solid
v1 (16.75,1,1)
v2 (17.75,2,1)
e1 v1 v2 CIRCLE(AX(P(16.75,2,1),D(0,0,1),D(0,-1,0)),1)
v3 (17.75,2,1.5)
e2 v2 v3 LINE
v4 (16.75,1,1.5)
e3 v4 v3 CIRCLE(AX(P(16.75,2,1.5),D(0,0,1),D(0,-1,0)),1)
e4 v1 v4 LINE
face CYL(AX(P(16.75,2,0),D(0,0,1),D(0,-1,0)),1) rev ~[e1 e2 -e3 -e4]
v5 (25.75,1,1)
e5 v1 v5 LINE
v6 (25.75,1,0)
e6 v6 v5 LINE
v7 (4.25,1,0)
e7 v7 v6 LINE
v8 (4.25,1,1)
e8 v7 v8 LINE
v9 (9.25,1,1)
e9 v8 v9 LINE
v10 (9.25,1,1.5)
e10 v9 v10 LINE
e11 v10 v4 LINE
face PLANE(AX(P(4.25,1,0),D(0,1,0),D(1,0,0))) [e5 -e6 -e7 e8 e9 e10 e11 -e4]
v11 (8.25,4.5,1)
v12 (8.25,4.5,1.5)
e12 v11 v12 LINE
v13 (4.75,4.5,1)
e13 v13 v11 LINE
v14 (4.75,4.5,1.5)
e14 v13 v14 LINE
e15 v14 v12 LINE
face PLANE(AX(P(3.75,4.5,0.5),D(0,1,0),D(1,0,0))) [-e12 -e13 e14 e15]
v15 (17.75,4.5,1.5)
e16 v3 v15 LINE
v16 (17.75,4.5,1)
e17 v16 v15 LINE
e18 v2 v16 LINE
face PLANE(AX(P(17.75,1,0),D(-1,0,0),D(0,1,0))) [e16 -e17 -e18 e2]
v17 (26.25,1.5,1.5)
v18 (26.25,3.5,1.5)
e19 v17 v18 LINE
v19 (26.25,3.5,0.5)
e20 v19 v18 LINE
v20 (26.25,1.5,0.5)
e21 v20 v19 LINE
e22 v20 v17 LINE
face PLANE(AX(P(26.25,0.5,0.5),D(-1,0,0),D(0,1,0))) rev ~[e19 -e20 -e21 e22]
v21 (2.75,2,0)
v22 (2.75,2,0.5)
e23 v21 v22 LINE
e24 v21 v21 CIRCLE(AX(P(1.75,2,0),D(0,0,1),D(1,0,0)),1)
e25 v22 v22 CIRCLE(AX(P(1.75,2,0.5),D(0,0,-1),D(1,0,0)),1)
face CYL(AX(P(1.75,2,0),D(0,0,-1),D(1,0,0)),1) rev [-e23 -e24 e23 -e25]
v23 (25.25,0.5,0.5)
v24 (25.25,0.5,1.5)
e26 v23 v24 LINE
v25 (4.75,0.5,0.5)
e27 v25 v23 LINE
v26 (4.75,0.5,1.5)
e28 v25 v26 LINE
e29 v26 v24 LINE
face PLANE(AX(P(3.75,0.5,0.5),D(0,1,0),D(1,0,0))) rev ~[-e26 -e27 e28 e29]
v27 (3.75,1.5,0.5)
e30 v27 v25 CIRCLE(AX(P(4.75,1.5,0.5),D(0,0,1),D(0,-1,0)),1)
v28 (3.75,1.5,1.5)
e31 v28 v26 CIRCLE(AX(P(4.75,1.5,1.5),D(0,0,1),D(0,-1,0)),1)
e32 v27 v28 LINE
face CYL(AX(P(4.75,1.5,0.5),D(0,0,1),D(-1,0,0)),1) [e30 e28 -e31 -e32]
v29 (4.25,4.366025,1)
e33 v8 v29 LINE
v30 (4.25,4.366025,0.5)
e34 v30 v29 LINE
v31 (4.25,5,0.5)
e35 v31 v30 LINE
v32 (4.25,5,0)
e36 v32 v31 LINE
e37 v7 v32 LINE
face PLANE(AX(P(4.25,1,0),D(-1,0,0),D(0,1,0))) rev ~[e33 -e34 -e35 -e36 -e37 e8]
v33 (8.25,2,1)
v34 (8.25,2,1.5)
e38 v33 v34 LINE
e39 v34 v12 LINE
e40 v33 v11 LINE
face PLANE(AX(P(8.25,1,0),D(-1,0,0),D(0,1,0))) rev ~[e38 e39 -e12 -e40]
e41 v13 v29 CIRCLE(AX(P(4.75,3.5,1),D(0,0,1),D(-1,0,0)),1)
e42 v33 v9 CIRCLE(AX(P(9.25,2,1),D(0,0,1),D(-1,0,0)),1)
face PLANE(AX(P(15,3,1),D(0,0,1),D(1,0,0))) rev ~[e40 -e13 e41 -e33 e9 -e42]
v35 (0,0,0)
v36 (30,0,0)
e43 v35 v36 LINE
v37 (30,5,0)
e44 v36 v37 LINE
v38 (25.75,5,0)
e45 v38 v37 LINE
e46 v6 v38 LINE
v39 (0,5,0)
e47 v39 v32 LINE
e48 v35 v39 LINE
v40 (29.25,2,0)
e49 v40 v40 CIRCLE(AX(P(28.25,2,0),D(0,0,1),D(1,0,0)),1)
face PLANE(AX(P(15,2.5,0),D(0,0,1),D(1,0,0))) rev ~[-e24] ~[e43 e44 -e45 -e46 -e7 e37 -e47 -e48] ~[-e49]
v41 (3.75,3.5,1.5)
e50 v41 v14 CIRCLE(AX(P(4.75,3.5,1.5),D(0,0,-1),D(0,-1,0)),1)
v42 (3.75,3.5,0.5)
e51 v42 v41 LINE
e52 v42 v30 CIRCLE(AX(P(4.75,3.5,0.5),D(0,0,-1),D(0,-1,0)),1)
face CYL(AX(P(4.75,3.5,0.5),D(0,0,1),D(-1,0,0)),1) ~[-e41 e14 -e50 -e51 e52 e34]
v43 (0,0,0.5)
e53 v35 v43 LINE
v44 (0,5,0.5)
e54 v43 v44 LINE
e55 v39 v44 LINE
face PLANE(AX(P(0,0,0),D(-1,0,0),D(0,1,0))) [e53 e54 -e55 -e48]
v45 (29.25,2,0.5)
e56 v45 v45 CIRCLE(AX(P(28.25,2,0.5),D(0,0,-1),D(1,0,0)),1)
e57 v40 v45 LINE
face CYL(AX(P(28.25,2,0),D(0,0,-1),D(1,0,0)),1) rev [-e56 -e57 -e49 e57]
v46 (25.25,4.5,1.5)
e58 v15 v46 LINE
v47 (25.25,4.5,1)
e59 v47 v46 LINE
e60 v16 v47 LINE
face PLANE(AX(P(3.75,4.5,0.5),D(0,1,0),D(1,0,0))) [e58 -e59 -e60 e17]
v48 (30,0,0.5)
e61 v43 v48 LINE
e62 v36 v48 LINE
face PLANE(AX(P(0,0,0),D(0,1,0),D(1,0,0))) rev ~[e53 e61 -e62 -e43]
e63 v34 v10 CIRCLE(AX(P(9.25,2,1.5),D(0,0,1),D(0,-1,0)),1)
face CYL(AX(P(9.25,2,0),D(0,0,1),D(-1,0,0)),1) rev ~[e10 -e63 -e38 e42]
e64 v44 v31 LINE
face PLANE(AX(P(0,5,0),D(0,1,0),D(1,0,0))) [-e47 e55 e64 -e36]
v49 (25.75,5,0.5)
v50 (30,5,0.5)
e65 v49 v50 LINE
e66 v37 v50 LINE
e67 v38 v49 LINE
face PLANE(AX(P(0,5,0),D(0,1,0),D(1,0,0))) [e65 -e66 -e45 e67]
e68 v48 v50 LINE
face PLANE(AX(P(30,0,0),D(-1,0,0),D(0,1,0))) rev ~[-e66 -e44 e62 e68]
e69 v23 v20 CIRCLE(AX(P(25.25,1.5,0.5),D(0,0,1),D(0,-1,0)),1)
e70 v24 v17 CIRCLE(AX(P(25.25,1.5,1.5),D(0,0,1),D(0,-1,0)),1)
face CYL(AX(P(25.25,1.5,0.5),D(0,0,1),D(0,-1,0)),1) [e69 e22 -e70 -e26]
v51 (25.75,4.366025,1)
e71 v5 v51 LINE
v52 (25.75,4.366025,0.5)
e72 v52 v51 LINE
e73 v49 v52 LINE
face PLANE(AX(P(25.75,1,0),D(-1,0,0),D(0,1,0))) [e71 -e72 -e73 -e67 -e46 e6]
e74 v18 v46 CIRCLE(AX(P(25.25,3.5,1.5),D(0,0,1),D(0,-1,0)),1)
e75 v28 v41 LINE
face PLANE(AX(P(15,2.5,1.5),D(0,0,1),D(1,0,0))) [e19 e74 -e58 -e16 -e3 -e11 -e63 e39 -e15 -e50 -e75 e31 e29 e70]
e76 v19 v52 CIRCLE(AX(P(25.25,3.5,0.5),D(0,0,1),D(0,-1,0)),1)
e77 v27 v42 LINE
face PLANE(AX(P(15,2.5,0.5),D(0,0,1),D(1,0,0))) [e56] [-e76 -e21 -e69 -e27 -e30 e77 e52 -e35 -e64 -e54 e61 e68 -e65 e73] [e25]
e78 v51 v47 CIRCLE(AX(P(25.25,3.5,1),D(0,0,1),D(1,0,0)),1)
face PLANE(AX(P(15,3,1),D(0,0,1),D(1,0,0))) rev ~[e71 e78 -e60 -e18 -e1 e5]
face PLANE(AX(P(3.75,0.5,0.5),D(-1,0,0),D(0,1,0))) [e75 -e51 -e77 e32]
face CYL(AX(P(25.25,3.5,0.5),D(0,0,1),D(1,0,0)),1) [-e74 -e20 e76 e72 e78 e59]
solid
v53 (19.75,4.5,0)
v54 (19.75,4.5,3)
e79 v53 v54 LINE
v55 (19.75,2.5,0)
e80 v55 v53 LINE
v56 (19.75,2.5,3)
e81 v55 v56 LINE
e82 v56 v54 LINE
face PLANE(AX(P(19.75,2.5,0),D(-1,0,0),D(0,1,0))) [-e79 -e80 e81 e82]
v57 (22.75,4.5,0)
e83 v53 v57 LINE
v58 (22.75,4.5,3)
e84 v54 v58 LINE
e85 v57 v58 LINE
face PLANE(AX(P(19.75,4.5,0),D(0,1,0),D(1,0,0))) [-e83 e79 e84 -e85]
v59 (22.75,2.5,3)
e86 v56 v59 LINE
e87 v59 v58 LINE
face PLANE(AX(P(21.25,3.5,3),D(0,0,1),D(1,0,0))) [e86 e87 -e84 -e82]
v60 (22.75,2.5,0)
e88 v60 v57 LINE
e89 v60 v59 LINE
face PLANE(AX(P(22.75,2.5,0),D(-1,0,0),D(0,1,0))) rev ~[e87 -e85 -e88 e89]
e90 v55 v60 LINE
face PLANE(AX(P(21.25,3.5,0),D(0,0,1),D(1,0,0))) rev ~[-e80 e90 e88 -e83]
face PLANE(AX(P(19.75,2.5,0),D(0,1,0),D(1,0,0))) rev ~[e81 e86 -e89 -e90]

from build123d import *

# Parameters (mm, degrees)
BOX003_W          = 3
BOX003_H          = 2
BOX003_DEPTH      = 3
BOX004_W          = 21.5
BOX004_H          = 4
BOX004_DEPTH      = 1
BOX002_W          = 9.5
BOX002_H          = 3.5
BOX002_DEPTH      = 1.5
FILLET001_R       = 1
CYLINDER_R        = 1
CYLINDER_DEPTH    = 10
CYLINDER001_R     = 1
CYLINDER001_DEPTH = 10
BOX_W             = 30
BOX_H             = 5
BOX_DEPTH         = 0.5
BOX001_W          = 22.5
BOX001_H          = 4
BOX001_DEPTH      = 1
FILLET_R          = 1


with BuildPart() as cube003_switch:
    # Box003 → Box003 (new body)
    with BuildSketch(Plane(origin=(19.75, 2.5, 0), x_dir=(1, 0, 0), z_dir=(0, 0, 1))):
        with Locations((1.5, 1)):
            Rectangle(BOX003_W, BOX003_H)
    extrude(amount=BOX003_DEPTH)


with BuildPart() as cube002_back_cutter:
    # Box004 → Box004 (new body)
    with BuildSketch(Plane(origin=(4.25, 1, 0), x_dir=(1, 0, 0), z_dir=(0, 0, 1))):
        with Locations((10.75, 2)):
            Rectangle(BOX004_W, BOX004_H)
    extrude(amount=BOX004_DEPTH)


with BuildPart() as fillet001:
    # Box002 → Box002 (new body)
    with BuildSketch(Plane(origin=(8.25, 1, 0), x_dir=(1, 0, 0), z_dir=(0, 0, 1))):
        with Locations((4.75, 1.75)):
            Rectangle(BOX002_W, BOX002_H)
    extrude(amount=BOX002_DEPTH)

    # Fillet001
    fillet001_edges = [fillet001.edges().sort_by_distance(p)[0] for p in [
        (8.25, 1, 0.75),
        (17.75, 1, 0.75),
    ]]
    fillet(fillet001_edges, radius=FILLET001_R)


with BuildPart() as cylinder:
    # Cylinder → Cylinder (new body)
    with BuildSketch(Plane(origin=(1.75, 2, 0), x_dir=(1, 0, 0), z_dir=(0, 0, 1))):
        Circle(CYLINDER_R)
    extrude(amount=CYLINDER_DEPTH)


with BuildPart() as fusion:
    # Cylinder001 → Cylinder001 (new body)
    with BuildSketch(Plane(origin=(28.25, 2, 0), x_dir=(1, 0, 0), z_dir=(0, 0, 1))):
        Circle(CYLINDER001_R)
    extrude(amount=CYLINDER001_DEPTH)

    # Fusion: union Cylinder
    add(cylinder.part)


with BuildPart() as cube_backing:
    # Box → Box (new body)
    with BuildSketch(Plane.XY):
        with Locations((15, 2.5)):
            Rectangle(BOX_W, BOX_H)
    extrude(amount=BOX_DEPTH)


with BuildPart() as cut002:
    # Box001 → Box001 (new body)
    with BuildSketch(Plane(origin=(3.75, 0.5, 0.5), x_dir=(1, 0, 0), z_dir=(0, 0, 1))):
        with Locations((11.25, 2)):
            Rectangle(BOX001_W, BOX001_H)
    extrude(amount=BOX001_DEPTH)

    # Fillet
    fillet_edges = [cut002.edges().sort_by_distance(p)[0] for p in [
        (3.75, 0.5, 1),
        (3.75, 4.5, 1),
        (26.25, 0.5, 1),
        (26.25, 4.5, 1),
    ]]
    fillet(fillet_edges, radius=FILLET_R)

    # Fusion003: union Cube(backing)
    add(cube_backing.part)

    # Cut: cut Fusion
    add(fusion.part, mode=Mode.SUBTRACT)

    # Cut001: cut Fillet001
    add(fillet001.part, mode=Mode.SUBTRACT)

    # Cut002: cut Cube002(back_cutter)
    add(cube002_back_cutter.part, mode=Mode.SUBTRACT)


solid = Compound([cube003_switch.part, cut002.part])
